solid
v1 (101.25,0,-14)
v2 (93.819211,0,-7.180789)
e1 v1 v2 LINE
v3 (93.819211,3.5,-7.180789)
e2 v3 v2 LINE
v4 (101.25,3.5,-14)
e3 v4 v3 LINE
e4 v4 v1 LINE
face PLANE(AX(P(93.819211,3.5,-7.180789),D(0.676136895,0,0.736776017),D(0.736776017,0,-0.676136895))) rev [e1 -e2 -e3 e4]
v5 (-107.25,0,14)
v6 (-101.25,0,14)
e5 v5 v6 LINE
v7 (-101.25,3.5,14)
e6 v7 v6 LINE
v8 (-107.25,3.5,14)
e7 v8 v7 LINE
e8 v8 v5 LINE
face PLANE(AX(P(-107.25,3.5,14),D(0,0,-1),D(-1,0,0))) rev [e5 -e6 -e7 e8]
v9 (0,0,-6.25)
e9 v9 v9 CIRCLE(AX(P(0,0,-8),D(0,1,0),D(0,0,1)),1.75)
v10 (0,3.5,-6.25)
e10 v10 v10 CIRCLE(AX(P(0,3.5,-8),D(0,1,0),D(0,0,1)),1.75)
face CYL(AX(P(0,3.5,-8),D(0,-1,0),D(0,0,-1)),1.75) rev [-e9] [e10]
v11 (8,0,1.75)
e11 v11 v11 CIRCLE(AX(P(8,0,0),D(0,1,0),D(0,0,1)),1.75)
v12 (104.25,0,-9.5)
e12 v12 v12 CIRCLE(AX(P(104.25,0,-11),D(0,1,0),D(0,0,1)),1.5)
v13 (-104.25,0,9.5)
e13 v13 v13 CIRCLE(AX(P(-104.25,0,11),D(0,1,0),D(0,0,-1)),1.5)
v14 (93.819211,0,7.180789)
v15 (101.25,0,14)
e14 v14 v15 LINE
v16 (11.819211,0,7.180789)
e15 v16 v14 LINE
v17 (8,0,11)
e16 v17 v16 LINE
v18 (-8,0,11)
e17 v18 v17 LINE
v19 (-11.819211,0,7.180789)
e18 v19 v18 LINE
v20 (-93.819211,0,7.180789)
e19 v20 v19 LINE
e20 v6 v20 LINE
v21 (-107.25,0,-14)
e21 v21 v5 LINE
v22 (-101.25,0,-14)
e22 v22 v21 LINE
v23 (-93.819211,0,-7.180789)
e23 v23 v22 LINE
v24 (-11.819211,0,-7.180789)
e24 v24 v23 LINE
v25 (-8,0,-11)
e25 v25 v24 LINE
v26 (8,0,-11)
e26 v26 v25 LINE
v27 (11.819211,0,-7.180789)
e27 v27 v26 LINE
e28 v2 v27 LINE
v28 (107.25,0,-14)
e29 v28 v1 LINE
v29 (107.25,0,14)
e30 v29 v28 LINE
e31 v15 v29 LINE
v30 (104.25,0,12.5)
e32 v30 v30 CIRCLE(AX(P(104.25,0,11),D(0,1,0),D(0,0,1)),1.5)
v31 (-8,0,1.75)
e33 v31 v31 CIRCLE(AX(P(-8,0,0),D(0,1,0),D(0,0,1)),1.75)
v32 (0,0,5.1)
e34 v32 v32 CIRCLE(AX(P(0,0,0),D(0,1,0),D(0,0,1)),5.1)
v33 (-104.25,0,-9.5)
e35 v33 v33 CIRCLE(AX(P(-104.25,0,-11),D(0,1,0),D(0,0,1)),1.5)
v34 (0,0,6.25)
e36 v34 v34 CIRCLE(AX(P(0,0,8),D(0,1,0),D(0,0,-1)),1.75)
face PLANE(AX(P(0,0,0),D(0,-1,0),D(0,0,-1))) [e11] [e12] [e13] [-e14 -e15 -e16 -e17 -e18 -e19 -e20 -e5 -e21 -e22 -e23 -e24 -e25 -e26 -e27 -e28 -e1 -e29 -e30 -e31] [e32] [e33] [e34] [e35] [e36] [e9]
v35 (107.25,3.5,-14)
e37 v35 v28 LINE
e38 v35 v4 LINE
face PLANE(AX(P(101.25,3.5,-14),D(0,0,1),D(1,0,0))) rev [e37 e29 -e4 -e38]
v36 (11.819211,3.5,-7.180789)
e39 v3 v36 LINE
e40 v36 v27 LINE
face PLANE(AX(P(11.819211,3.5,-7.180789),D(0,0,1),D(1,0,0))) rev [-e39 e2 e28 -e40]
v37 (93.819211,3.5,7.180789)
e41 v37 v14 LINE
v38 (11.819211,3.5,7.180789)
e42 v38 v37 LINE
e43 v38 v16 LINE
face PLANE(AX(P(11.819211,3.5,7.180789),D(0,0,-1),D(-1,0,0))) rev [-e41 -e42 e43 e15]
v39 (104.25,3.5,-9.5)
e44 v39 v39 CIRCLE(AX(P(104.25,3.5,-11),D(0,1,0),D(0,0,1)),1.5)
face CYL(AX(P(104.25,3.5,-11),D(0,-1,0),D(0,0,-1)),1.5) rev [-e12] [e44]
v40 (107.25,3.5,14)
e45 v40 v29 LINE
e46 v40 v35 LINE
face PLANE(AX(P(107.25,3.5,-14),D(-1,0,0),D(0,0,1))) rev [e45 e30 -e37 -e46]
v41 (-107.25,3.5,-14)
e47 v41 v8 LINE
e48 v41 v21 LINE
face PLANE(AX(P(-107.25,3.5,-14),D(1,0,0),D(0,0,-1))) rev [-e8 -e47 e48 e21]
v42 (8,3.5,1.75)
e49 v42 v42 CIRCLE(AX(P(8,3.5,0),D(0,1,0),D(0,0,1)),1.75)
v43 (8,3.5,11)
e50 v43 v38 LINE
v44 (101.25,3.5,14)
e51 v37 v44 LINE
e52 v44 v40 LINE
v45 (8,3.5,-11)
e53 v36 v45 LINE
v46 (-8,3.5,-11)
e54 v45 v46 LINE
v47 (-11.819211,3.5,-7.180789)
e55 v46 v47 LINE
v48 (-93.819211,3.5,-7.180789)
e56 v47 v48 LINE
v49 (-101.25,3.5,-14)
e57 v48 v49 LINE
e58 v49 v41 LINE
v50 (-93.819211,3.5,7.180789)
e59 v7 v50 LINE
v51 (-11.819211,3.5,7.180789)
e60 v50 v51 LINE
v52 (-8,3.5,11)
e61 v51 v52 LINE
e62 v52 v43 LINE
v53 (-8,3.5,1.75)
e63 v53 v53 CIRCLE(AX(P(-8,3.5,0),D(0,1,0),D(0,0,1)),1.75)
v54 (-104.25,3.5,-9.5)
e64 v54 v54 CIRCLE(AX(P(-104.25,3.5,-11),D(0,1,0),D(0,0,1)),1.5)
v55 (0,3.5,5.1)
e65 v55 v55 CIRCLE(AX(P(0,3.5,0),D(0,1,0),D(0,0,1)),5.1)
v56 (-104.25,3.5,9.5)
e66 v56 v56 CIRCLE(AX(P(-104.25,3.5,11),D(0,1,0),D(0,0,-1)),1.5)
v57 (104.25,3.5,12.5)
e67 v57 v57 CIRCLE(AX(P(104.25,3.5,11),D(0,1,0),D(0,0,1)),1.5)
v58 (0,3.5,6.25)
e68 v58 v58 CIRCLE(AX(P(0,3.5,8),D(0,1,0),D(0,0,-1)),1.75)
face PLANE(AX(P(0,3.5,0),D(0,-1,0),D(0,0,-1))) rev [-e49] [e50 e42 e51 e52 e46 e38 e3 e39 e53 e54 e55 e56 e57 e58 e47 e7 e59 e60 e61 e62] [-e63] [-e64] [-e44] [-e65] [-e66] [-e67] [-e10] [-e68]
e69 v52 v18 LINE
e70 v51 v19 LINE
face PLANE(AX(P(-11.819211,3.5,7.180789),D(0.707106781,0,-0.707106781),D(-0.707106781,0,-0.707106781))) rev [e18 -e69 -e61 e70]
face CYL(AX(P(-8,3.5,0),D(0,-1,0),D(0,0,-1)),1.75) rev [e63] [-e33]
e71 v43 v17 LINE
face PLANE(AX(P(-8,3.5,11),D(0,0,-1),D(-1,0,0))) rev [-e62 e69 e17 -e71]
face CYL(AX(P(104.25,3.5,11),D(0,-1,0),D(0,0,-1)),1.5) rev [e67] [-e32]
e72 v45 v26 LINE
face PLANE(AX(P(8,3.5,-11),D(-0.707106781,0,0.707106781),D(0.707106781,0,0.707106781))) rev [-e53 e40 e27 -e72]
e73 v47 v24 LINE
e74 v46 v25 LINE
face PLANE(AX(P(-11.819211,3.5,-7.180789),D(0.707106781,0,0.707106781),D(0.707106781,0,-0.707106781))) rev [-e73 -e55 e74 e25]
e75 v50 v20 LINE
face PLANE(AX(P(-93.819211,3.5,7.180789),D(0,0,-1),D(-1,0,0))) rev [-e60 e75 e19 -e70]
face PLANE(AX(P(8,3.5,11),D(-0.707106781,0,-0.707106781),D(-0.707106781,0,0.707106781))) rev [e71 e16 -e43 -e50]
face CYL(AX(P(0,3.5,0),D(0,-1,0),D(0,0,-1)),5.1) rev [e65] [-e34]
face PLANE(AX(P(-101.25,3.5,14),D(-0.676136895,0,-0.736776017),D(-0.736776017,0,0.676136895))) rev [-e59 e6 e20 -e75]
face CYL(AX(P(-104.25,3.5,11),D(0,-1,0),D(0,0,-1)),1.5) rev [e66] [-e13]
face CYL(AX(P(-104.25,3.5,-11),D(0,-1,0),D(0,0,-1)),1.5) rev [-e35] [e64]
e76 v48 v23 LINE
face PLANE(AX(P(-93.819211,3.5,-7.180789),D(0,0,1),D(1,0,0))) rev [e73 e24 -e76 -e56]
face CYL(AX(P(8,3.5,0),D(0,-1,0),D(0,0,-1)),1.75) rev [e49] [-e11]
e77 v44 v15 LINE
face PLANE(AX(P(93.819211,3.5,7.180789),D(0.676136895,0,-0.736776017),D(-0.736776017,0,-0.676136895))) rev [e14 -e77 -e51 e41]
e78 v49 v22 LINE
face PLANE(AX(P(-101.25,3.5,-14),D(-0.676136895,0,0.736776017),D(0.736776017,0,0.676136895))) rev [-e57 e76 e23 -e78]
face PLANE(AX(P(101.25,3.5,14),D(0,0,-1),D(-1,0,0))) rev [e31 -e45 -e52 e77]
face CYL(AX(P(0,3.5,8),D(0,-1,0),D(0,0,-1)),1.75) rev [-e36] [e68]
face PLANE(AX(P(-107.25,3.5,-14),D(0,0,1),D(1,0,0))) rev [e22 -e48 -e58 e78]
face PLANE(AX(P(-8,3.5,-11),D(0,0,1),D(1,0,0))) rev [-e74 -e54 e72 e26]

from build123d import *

# Parameters (mm, degrees)
SKETCH1_R           = 1.75
SKETCH1_R_2         = 5.1
SKETCH1_R_3         = 1.5
BOSS_EXTRUDE1_DEPTH = 3.5


with BuildPart() as part:
    # Sketch1 → Boss-Extrude1 (new body)
    with BuildSketch(Plane(origin=(0, 0, 0), x_dir=(1, 0, 0), z_dir=(0, 1, 0))):
        Polygon((-93.819210637, 7.180789363), (-11.819210637, 7.180789363), (-8, 11), (8, 11), (11.819210637, 7.180789363), (93.819210637, 7.180789363), (101.25, 14), (107.25, 14), (107.25, -14), (101.25, -14), (93.819210637, -7.180789363), (11.819210637, -7.180789363), (8, -11), (-8, -11), (-11.819210637, -7.180789363), (-93.819210637, -7.180789363), (-101.25, -14), (-107.25, -14), (-107.25, 14), (-101.25, 14), align=None)
        with Locations(Location((-8, 0, 0), (0, 0, 270))):
            Circle(SKETCH1_R, mode=Mode.SUBTRACT)
        with Locations(Location((8, 0, 0), (0, 0, 270))):
            Circle(SKETCH1_R, mode=Mode.SUBTRACT)
        with Locations(Location((0, 0, 0), (0, 0, 270))):
            Circle(SKETCH1_R_2, mode=Mode.SUBTRACT)
        with Locations(Location((-104.25, -11, 0), (0, 0, 90))):
            Circle(SKETCH1_R_3, mode=Mode.SUBTRACT)
        with Locations(Location((0, 8, 0), (0, 0, 270))):
            Circle(SKETCH1_R, mode=Mode.SUBTRACT)
        with Locations(Location((0, -8, 0), (0, 0, 90))):
            Circle(SKETCH1_R, mode=Mode.SUBTRACT)
        with Locations(Location((-104.25, 11, 0), (0, 0, 270))):
            Circle(SKETCH1_R_3, mode=Mode.SUBTRACT)
        with Locations(Location((104.25, 11, 0), (0, 0, 270))):
            Circle(SKETCH1_R_3, mode=Mode.SUBTRACT)
        with Locations(Location((104.25, -11, 0), (0, 0, 270))):
            Circle(SKETCH1_R_3, mode=Mode.SUBTRACT)
    extrude(amount=BOSS_EXTRUDE1_DEPTH)


solid = part.part
